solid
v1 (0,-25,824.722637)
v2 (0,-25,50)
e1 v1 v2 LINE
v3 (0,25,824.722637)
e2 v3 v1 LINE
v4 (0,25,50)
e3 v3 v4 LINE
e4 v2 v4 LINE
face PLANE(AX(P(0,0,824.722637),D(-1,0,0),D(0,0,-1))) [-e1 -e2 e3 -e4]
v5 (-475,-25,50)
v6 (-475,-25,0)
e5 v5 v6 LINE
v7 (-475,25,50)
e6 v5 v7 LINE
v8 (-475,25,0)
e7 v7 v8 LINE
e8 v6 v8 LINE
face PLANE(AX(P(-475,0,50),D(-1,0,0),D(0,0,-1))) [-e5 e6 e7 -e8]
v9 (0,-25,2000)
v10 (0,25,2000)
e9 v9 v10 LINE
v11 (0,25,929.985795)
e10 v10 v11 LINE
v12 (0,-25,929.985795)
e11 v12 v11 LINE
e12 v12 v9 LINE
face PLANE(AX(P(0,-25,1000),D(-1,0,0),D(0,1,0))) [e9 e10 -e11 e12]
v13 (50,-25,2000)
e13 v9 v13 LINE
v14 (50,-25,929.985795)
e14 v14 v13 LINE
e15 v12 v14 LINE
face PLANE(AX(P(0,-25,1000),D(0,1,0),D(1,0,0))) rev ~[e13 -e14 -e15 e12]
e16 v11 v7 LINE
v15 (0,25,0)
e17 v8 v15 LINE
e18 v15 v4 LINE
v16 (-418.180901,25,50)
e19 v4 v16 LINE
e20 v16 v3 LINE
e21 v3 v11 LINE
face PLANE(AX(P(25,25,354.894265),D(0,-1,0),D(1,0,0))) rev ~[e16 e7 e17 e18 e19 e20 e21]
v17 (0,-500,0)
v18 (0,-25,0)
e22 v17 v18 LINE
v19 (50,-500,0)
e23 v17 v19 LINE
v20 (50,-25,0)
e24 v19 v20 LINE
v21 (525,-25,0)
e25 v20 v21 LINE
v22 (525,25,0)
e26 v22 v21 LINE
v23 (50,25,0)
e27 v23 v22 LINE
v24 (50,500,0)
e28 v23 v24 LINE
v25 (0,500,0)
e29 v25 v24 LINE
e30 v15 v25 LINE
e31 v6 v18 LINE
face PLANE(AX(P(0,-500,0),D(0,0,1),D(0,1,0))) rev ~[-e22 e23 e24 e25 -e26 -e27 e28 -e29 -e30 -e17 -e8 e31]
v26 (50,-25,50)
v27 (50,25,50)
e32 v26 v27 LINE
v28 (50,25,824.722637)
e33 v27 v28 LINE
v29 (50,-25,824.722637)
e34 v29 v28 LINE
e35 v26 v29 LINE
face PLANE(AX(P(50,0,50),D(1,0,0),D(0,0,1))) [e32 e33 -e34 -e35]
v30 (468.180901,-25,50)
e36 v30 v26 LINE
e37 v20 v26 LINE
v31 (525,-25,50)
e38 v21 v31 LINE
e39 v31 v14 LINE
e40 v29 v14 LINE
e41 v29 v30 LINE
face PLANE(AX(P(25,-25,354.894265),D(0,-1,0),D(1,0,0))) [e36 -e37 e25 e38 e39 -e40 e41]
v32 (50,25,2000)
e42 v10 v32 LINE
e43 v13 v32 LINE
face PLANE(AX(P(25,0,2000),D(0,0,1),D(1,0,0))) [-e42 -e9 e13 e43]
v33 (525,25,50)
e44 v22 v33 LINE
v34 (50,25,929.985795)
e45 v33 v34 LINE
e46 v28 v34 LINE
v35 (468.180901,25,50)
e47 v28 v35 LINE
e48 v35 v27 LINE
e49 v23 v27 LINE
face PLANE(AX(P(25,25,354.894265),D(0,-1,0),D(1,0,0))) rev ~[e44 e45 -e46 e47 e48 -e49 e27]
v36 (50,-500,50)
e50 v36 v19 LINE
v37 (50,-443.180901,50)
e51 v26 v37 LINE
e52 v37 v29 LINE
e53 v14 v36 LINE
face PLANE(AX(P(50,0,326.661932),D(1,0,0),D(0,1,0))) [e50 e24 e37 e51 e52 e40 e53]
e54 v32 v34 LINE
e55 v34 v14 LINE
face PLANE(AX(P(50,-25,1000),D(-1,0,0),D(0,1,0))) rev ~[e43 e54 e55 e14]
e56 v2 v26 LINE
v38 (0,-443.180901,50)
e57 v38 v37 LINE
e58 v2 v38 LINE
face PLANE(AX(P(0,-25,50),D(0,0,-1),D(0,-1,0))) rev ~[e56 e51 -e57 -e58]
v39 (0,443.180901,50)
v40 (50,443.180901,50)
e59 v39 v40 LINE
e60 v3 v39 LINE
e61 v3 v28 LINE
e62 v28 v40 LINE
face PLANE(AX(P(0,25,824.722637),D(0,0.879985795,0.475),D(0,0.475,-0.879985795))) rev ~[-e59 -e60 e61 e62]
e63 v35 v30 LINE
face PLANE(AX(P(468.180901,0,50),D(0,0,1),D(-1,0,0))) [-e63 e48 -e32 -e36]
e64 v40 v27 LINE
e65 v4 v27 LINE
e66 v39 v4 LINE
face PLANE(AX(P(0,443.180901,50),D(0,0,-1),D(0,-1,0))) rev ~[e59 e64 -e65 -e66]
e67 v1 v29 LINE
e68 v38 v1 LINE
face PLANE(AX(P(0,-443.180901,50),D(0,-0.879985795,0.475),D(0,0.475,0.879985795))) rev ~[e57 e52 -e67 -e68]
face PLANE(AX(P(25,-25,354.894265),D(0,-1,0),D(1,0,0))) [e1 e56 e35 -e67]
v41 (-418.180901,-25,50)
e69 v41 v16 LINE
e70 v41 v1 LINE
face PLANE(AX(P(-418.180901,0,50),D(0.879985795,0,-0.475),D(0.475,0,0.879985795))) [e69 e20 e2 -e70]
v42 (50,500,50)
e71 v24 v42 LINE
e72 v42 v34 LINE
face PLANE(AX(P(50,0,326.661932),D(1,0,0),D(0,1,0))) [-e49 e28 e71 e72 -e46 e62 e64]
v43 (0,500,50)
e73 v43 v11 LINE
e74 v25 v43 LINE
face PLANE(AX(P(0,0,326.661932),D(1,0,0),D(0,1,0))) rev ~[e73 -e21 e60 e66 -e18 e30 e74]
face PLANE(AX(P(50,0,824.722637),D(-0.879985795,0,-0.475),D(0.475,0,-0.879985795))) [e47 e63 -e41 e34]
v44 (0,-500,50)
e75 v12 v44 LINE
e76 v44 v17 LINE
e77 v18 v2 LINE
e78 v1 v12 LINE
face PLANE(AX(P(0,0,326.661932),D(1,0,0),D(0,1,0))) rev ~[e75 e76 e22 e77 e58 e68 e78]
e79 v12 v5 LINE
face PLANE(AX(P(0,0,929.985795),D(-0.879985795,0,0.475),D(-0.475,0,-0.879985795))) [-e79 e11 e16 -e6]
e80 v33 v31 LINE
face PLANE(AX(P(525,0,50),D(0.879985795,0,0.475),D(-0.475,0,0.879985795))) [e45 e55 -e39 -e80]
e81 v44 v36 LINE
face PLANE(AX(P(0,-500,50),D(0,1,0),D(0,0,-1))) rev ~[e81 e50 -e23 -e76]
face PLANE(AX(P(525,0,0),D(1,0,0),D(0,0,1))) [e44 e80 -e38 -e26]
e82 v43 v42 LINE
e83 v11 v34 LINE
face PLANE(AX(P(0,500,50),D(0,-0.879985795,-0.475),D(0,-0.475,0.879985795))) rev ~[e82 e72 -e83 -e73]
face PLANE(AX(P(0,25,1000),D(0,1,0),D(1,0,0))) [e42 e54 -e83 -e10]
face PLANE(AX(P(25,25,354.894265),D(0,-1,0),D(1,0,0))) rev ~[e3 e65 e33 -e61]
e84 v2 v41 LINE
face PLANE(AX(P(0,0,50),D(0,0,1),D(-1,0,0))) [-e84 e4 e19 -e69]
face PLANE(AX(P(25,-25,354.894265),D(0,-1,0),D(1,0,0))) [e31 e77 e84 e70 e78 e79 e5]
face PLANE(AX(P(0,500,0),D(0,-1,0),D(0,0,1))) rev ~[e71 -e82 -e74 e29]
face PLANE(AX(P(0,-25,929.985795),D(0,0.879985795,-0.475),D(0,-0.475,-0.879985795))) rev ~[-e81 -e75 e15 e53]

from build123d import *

# Parameters (mm, degrees)
F1_DEPTH  = 25
F3_DEPTH  = 50
F1_FACE_W = 50
F1_FACE_H = 50
F4_DEPTH  = 1000


with BuildPart() as f1:
    # F0 (on Front) → F1 (new body, symmetric)
    with BuildSketch(Plane.XZ):
        Polygon((-475, 0), (0, 0), (50, 0), (525, 0), (525, 50), (50, 929.985795), (50, 1000), (0, 1000), (0, 929.985795), (-475, 50), align=None)
        Polygon((0, 824.722637), (0, 50), (-418.180901, 50), align=None, mode=Mode.SUBTRACT)
        Polygon((468.180901, 50), (50, 50), (50, 824.722637), align=None, mode=Mode.SUBTRACT)
    extrude(amount=F1_DEPTH, both=True)

    # F2 (on Right) → F3 (join)
    with BuildSketch(Plane.YZ):
        Polygon((-500, 50), (-500, 0), (500, 0), (500, 50), (25, 929.985795), (-25, 929.985795), align=None)
        Polygon((-25, 50), (-443.180901, 50), (-25, 824.722637), align=None, mode=Mode.SUBTRACT)
        Polygon((25, 50), (25, 824.722637), (443.180901, 50), align=None, mode=Mode.SUBTRACT)
    extrude(amount=F3_DEPTH)

    # F1_face (on face) → F4 (join)
    with BuildSketch(Plane(origin=(25, 0, 1000), x_dir=(1, 0, 0), z_dir=(0, 0, 1))):
        Rectangle(F1_FACE_W, F1_FACE_H)
    extrude(amount=F4_DEPTH)


solid = f1.part
